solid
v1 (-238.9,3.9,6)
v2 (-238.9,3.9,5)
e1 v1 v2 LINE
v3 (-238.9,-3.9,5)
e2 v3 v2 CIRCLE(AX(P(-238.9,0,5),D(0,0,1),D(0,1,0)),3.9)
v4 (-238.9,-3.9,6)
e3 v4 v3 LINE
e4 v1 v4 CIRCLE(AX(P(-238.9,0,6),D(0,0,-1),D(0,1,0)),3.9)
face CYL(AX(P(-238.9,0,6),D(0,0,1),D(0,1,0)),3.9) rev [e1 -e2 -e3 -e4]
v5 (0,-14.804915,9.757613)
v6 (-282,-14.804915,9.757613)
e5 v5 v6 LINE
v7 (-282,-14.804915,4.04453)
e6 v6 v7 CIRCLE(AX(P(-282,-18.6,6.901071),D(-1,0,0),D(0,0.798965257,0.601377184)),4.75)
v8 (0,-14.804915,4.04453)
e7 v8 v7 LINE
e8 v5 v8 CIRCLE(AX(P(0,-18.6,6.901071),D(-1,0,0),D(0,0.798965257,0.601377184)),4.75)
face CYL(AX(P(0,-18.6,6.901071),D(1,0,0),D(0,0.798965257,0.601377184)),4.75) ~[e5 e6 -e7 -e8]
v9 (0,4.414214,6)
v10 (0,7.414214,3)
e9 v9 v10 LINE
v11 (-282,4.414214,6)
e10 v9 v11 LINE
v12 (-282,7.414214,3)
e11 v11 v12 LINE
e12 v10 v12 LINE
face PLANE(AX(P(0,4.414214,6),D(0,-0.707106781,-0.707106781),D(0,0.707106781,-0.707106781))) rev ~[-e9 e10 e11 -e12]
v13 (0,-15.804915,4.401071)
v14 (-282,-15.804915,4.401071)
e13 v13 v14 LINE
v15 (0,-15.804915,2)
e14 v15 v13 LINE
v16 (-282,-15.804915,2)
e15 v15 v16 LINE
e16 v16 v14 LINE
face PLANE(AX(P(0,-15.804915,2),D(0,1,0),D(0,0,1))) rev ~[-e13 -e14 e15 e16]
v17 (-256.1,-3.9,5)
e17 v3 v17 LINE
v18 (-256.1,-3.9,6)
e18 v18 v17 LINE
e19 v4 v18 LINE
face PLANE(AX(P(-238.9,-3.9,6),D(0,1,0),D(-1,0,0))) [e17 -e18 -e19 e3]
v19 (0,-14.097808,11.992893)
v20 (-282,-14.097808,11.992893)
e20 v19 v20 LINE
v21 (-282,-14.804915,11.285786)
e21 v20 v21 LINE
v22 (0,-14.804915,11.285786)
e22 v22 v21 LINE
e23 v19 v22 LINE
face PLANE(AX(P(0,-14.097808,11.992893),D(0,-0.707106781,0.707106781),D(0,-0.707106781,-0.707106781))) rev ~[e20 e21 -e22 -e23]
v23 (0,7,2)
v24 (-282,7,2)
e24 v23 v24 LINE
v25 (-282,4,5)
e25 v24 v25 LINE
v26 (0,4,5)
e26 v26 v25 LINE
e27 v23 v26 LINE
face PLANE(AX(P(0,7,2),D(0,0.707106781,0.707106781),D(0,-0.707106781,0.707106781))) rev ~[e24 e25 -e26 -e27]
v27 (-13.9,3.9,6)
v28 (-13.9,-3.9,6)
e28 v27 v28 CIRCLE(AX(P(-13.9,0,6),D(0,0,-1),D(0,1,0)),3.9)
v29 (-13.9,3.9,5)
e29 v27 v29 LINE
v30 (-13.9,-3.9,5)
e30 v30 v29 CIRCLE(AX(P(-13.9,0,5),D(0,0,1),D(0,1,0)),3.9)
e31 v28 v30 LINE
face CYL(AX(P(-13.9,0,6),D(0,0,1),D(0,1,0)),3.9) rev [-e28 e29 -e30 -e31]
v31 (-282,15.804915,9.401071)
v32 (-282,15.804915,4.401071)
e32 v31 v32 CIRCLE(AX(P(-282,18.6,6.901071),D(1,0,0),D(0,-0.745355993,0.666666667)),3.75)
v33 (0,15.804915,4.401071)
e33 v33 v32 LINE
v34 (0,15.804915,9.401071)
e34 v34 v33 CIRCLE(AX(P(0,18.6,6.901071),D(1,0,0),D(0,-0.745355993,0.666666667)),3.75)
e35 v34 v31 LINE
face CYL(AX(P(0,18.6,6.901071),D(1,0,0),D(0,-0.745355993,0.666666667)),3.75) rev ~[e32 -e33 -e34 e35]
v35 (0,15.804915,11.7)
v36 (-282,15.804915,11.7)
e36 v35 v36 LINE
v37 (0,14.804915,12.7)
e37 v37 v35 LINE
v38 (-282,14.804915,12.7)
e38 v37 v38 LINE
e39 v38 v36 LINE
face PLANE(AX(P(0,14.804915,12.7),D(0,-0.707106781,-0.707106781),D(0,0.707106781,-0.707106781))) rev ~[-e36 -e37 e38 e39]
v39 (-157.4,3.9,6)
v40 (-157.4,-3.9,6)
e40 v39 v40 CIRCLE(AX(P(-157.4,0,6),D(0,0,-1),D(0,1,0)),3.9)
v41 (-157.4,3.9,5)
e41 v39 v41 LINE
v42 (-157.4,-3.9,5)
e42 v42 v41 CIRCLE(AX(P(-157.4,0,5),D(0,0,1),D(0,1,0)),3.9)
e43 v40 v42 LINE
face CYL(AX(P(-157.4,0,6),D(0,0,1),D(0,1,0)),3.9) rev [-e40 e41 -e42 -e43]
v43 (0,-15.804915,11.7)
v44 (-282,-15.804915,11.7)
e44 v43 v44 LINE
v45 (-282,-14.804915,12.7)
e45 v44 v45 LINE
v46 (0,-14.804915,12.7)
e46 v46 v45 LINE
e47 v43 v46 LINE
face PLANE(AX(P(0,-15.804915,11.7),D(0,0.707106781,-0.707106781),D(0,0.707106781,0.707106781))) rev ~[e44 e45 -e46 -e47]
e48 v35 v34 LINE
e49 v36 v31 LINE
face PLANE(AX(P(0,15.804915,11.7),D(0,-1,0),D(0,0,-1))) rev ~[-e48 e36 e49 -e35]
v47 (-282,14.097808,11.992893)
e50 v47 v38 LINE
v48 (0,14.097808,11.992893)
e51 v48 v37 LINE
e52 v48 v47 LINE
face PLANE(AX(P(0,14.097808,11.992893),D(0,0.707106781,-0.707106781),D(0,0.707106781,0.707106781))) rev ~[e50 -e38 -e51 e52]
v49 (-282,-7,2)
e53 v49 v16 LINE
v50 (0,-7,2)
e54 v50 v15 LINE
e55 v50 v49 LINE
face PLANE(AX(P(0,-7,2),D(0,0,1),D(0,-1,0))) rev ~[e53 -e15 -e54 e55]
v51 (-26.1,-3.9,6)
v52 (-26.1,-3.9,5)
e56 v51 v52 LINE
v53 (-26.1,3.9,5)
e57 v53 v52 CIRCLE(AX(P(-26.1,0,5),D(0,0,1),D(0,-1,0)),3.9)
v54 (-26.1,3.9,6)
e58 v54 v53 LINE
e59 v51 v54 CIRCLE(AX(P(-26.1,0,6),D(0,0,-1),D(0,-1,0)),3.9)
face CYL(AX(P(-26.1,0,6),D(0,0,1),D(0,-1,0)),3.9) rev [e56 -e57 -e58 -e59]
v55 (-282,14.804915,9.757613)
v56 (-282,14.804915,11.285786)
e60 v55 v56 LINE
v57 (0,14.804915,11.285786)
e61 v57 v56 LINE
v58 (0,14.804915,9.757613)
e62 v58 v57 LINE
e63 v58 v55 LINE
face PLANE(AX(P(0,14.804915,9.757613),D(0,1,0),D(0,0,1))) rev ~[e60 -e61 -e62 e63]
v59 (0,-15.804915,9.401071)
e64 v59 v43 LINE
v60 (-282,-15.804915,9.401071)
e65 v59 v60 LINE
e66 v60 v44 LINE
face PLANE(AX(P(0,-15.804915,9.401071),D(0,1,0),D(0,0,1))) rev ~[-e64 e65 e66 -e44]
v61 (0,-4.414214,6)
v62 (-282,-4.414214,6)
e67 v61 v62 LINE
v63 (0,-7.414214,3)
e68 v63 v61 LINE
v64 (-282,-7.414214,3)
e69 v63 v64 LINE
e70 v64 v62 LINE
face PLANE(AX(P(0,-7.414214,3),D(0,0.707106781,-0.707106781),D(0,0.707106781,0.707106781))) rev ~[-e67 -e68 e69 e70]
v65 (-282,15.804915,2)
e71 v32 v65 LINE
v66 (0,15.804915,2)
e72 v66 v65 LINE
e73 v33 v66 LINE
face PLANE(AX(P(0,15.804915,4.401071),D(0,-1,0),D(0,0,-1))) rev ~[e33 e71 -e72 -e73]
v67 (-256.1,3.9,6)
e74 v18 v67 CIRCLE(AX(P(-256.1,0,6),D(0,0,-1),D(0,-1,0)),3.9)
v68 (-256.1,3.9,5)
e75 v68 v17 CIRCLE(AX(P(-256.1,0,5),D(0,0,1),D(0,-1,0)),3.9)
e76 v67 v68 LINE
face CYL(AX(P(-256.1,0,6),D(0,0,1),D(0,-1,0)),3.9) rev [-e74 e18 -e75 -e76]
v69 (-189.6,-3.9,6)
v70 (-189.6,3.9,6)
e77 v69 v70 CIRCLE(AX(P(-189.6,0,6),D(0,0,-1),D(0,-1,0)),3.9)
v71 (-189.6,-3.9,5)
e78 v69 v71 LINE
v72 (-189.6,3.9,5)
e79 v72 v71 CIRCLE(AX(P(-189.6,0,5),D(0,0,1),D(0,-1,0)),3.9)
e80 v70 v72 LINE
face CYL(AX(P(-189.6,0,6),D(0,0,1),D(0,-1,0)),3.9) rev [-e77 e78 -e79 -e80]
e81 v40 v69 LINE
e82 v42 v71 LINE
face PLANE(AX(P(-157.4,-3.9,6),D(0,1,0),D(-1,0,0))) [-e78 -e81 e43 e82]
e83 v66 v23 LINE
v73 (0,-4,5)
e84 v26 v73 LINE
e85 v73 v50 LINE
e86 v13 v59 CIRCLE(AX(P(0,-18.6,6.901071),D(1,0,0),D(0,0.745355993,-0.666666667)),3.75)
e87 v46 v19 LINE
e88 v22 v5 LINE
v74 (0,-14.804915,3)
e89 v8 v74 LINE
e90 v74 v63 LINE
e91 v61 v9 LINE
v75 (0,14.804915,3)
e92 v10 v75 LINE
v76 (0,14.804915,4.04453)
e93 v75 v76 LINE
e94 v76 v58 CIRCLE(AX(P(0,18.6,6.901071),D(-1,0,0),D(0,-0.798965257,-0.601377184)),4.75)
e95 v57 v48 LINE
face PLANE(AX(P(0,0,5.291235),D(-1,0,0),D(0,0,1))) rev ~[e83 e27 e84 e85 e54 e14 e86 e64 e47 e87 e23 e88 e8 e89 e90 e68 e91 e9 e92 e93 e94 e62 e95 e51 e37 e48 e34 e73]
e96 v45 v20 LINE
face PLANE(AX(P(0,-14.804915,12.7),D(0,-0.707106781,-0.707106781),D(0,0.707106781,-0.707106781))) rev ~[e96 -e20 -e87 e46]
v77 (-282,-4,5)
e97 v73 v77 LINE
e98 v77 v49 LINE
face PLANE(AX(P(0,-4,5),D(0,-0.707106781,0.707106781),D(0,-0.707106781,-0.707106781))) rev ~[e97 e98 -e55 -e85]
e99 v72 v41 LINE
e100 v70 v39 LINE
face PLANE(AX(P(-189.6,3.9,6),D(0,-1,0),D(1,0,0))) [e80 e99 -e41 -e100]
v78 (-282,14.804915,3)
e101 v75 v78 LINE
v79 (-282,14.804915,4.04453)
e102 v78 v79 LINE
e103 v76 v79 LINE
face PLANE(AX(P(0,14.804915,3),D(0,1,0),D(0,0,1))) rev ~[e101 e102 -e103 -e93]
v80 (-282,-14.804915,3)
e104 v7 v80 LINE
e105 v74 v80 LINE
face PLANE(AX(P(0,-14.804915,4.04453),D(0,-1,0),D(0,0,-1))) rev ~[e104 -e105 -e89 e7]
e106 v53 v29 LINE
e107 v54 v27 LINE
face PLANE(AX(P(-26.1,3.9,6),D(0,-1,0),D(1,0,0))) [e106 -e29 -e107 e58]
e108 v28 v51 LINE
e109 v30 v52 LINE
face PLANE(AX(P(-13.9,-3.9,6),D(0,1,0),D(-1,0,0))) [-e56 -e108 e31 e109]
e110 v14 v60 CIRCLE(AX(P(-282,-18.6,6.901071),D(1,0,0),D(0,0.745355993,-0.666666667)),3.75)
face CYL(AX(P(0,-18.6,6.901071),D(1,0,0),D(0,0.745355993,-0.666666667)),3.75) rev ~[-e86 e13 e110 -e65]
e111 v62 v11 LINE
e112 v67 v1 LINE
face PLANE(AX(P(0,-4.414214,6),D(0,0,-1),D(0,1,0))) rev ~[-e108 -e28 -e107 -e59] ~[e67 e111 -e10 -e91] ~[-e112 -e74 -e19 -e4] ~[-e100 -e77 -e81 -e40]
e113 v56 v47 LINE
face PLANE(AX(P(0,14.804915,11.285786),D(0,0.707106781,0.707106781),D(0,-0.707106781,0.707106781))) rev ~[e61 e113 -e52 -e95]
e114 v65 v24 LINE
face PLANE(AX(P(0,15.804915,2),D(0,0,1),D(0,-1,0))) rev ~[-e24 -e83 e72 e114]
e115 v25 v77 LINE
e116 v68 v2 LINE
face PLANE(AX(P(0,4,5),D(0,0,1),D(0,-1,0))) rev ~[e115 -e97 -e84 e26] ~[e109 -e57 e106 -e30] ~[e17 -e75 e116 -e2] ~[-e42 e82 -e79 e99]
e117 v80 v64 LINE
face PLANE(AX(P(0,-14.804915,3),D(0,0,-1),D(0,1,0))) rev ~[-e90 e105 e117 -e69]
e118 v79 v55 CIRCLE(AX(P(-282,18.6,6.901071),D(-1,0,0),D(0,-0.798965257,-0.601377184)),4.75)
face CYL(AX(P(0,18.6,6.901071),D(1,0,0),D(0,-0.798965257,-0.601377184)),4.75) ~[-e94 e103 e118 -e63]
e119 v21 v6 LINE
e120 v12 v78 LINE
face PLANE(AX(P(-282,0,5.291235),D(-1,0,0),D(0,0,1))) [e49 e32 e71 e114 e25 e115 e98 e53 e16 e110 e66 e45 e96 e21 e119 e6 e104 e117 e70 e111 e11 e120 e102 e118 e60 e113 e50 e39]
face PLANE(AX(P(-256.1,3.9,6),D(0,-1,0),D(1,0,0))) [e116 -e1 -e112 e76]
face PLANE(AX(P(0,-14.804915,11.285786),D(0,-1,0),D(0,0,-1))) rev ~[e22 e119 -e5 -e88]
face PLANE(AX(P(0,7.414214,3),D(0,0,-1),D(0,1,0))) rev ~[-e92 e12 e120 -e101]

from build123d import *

# Parameters (mm, degrees)
EXTRUDE_THIN1_DEPTH   = 282
CORTE_EXTRUS_O1_DEPTH = 283.522008592


with BuildPart() as part:
    # Sketch1 → Extrude-Thin1 (new body)
    with BuildSketch(Plane(origin=(0, 0, 0), x_dir=(0, 0, -1), z_dir=(1, 0, 0))):
        with BuildLine():
            Line((-12.7, 14.804915028), (-11.7, 15.804915028))
            Line((-11.7, 15.804915028), (-9.401071342, 15.804915028))
            ThreePointArc((-9.401071342, 15.804915028), (-6.901071342, 14.85), (-4.401071342, 15.804915028))
            Line((-4.401071342, 15.804915028), (-2, 15.804915028))
            Line((-2, 15.804915028), (-2, 7))
            Line((-2, 7), (-5, 4))
            Line((-5, 4), (-5, -4))
            Line((-5, -4), (-2, -7))
            Line((-2, -7), (-2, -15.804915028))
            Line((-2, -15.804915028), (-4.401071342, -15.804915028))
            ThreePointArc((-4.401071342, -15.804915028), (-6.901071342, -14.85), (-9.401071342, -15.804915028))
            Line((-9.401071342, -15.804915028), (-11.7, -15.804915028))
            Line((-11.7, -15.804915028), (-12.7, -14.804915028))
            Line((-12.7, -14.804915028), (-11.992893219, -14.097808247))
            Line((-11.992893219, -14.097808247), (-11.285786438, -14.804915028))
            Line((-11.285786438, -14.804915028), (-9.757612967, -14.804915028))
            ThreePointArc((-9.757612967, -14.804915028), (-6.901071342, -13.85), (-4.044529716, -14.804915028))
            Line((-4.044529716, -14.804915028), (-3, -14.804915028))
            Line((-3, -14.804915028), (-3, -7.414213562))
            Line((-3, -7.414213562), (-6, -4.414213562))
            Line((-6, -4.414213562), (-6, 4.414213562))
            Line((-6, 4.414213562), (-3, 7.414213562))
            Line((-3, 7.414213562), (-3, 14.804915028))
            Line((-3, 14.804915028), (-4.044529716, 14.804915028))
            ThreePointArc((-4.044529716, 14.804915028), (-6.901071342, 13.85), (-9.757612967, 14.804915028))
            Line((-9.757612967, 14.804915028), (-11.285786438, 14.804915028))
            Line((-11.285786438, 14.804915028), (-11.992893219, 14.097808247))
            Line((-11.992893219, 14.097808247), (-12.7, 14.804915028))
        make_face()
    extrude(amount=-EXTRUDE_THIN1_DEPTH)

    # Esboço1 → Corte-extrusão1 (cut, through all)
    with BuildSketch(Plane.XY.offset(6)):
        with BuildLine():
            Line((-13.9, -3.9), (-26.1, -3.9))
            ThreePointArc((-26.1, -3.9), (-30, 0), (-26.1, 3.9))
            Line((-26.1, 3.9), (-13.9, 3.9))
            ThreePointArc((-13.9, 3.9), (-10, 0), (-13.9, -3.9))
        make_face()
        with BuildLine():
            Line((-189.6, 3.9), (-157.4, 3.9))
            ThreePointArc((-157.4, 3.9), (-153.5, 0), (-157.4, -3.9))
            Line((-157.4, -3.9), (-189.6, -3.9))
            ThreePointArc((-189.6, -3.9), (-193.5, 0), (-189.6, 3.9))
        make_face()
        with BuildLine():
            Line((-256.1, 3.9), (-238.9, 3.9))
            ThreePointArc((-238.9, 3.9), (-235, 0), (-238.9, -3.9))
            Line((-238.9, -3.9), (-256.1, -3.9))
            ThreePointArc((-256.1, -3.9), (-260, 0), (-256.1, 3.9))
        make_face()
    extrude(amount=-CORTE_EXTRUS_O1_DEPTH, mode=Mode.SUBTRACT)


solid = part.part
